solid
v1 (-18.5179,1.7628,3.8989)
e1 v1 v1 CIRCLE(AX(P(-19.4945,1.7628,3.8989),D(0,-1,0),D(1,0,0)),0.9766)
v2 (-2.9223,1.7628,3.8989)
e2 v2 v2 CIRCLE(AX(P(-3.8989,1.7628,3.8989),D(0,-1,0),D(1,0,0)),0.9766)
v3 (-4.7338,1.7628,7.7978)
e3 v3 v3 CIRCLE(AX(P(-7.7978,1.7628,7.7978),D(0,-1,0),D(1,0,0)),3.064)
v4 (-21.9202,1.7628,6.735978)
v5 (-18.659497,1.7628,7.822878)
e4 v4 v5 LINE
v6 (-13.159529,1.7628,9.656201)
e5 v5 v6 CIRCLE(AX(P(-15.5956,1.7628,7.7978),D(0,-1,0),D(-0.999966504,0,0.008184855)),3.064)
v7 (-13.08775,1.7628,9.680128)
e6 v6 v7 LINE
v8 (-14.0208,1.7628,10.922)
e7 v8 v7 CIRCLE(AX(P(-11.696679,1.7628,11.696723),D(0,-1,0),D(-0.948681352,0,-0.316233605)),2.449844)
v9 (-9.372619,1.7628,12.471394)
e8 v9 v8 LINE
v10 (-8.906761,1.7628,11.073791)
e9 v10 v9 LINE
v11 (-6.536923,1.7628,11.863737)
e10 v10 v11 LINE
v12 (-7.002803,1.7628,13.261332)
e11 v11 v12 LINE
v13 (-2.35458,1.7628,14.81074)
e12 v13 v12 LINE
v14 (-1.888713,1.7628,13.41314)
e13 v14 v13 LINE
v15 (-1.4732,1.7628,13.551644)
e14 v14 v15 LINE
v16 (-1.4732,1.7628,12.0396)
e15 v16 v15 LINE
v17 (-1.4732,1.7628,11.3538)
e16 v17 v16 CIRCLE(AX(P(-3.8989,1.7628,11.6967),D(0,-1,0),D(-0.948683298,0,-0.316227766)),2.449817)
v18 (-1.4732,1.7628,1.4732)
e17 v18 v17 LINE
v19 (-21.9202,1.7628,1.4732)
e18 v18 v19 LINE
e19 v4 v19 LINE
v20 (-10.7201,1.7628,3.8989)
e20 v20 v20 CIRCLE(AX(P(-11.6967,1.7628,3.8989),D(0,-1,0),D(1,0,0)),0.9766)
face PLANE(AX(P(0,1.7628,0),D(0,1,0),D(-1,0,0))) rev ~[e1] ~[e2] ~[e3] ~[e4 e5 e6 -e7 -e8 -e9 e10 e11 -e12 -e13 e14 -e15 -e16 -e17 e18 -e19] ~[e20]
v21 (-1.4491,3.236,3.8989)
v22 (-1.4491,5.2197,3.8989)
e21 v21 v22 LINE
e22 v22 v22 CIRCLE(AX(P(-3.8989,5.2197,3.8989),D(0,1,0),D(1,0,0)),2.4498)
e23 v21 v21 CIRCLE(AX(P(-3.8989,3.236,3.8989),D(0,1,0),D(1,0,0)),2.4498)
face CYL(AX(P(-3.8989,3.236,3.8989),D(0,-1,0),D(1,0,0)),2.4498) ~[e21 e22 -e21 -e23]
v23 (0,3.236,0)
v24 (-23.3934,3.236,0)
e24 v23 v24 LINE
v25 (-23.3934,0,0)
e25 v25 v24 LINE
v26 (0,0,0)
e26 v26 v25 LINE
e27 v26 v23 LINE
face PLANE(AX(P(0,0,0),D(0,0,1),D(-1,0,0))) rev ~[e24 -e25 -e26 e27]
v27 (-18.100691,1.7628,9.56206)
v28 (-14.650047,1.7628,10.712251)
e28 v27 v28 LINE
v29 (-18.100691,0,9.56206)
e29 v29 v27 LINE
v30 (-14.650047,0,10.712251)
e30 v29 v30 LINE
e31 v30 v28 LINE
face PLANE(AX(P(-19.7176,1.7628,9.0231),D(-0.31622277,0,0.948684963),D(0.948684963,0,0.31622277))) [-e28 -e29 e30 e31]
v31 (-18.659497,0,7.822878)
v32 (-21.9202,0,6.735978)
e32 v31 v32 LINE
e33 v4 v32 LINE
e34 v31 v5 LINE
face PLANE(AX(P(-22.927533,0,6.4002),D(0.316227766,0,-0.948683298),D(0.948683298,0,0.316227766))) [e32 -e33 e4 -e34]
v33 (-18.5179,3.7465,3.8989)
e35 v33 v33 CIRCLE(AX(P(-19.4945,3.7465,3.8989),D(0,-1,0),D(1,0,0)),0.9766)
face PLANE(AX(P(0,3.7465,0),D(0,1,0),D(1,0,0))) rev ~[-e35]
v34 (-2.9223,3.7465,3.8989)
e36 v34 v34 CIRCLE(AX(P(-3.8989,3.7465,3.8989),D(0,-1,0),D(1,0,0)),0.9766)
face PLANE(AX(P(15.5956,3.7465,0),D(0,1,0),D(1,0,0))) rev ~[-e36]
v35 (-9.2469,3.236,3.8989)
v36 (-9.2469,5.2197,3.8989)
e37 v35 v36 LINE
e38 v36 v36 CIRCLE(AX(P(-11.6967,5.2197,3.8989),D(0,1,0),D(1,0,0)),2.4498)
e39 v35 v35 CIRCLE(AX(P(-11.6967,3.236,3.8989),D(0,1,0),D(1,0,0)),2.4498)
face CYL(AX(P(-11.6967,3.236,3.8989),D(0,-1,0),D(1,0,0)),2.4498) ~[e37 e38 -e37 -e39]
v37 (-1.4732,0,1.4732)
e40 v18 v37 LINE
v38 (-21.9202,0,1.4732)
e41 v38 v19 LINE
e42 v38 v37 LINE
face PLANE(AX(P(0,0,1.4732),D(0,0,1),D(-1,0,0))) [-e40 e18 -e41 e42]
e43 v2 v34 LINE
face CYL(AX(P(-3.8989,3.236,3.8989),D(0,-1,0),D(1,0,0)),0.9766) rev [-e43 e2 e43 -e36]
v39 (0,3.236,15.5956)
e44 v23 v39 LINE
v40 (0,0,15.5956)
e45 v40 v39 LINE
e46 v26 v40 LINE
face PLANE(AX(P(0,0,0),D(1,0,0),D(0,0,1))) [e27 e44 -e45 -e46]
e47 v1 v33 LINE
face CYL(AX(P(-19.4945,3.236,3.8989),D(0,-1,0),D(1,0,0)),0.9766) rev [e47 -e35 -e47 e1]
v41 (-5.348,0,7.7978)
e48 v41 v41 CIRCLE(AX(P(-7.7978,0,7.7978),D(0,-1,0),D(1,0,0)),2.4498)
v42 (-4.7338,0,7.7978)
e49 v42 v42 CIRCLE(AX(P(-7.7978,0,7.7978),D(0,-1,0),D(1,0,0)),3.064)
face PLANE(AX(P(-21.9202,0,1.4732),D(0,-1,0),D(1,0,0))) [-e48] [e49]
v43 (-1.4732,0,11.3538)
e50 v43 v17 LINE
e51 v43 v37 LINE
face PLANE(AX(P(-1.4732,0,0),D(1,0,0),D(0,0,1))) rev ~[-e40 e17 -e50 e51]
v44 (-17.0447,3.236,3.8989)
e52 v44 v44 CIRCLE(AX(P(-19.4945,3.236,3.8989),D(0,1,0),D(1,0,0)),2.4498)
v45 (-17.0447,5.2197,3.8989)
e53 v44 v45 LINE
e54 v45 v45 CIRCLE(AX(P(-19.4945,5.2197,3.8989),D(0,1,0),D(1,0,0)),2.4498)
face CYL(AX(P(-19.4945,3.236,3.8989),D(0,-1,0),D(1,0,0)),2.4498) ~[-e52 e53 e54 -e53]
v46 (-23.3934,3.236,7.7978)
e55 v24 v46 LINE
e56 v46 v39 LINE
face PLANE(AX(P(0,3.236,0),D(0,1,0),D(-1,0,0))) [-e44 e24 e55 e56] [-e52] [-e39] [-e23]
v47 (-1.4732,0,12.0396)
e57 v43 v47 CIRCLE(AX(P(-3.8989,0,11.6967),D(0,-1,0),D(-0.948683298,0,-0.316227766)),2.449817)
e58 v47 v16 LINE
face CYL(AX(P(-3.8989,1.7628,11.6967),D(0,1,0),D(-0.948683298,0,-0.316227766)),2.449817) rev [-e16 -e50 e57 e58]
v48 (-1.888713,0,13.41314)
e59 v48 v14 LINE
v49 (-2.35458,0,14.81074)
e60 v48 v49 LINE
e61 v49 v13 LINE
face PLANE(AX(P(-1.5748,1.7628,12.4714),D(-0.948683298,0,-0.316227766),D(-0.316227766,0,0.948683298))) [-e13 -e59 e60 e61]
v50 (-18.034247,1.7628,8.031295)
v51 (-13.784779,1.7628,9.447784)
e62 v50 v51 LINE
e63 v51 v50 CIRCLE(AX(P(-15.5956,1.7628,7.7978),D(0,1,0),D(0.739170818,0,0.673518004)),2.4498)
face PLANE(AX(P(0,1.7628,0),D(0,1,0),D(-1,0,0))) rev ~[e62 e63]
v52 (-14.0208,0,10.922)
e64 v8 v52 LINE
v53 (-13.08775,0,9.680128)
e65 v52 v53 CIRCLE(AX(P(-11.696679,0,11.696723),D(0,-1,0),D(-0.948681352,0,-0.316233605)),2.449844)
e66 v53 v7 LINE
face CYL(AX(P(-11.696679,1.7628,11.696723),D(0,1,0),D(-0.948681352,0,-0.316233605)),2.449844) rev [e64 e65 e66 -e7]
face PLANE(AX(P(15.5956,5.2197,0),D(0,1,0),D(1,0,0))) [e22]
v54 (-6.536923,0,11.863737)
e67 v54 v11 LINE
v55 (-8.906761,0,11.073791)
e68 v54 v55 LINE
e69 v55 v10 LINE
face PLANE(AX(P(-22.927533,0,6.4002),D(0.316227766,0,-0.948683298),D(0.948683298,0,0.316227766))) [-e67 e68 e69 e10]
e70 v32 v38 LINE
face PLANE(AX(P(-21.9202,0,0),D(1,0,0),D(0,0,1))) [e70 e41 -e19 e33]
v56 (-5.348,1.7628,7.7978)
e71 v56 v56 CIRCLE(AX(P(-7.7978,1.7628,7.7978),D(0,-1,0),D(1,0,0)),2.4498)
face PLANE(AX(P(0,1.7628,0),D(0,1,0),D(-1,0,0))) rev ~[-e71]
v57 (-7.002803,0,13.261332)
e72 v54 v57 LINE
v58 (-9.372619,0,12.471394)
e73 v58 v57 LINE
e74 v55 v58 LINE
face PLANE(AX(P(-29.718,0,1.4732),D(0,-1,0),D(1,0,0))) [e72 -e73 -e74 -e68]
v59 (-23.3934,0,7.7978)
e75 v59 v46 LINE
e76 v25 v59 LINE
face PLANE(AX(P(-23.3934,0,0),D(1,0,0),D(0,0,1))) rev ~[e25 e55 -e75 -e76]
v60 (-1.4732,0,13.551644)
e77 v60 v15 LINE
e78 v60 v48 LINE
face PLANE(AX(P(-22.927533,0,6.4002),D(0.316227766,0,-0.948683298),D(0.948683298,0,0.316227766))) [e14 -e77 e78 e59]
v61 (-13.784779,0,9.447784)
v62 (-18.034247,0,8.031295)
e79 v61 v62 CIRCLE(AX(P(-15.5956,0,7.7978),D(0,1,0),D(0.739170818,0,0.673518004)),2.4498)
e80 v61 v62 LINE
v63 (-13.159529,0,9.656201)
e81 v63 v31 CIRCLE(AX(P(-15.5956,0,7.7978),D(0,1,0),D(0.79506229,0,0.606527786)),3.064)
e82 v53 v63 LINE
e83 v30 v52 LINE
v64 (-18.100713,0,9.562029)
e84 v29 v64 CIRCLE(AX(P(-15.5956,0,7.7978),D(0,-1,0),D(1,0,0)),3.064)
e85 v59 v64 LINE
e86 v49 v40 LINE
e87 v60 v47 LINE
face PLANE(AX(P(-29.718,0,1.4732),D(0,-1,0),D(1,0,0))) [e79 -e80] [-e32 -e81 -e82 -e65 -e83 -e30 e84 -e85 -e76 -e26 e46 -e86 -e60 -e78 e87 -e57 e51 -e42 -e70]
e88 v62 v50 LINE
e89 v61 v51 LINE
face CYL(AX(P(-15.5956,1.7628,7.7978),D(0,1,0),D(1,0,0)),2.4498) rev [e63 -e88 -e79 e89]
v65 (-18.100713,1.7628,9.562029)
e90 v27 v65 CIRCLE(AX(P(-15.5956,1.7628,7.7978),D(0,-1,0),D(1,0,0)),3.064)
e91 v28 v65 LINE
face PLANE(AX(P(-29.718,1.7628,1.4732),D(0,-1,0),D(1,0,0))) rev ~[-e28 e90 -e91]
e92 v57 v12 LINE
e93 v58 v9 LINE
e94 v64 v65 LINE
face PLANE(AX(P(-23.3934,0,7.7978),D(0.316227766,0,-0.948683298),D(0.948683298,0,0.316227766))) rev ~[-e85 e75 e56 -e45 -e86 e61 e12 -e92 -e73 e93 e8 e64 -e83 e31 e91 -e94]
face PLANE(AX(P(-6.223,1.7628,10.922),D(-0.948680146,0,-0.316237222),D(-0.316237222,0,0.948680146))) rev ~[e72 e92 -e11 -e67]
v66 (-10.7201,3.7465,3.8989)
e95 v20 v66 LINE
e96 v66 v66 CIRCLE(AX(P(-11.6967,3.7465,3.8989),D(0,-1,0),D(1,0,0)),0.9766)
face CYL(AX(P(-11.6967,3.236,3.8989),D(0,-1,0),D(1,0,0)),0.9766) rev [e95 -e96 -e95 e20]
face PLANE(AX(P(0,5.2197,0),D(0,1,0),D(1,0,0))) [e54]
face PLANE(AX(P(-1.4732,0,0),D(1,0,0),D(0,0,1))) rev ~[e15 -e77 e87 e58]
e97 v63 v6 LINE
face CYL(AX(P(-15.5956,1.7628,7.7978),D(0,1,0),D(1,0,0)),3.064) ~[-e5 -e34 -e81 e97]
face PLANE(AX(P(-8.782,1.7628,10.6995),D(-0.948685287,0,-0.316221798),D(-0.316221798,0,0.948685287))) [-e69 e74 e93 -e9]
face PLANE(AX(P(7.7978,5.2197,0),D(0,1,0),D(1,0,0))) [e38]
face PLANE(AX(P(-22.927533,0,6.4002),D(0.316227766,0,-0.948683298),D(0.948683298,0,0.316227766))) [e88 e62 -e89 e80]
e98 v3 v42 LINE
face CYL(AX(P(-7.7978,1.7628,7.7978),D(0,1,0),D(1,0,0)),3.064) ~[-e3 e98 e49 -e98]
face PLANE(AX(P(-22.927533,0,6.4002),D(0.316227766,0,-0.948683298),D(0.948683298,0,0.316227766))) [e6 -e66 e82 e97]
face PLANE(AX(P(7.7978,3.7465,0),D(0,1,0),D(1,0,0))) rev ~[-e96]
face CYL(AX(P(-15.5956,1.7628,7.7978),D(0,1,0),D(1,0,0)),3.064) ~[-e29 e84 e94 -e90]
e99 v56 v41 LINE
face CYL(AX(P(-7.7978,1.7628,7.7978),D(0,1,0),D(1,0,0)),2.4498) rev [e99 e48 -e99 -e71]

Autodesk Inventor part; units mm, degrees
ref_plane "YZ Plane" through (0, 0, 0) normal (1, 0, 0) x (0, 1, 0)
ref_plane "XZ Plane" through (0, 0, 0) normal (0, 1, 0) x (-1, 0, 0)
ref_plane "XY Plane" through (0, 0, 0) normal (0, 0, 1) x (1, 0, 0)
sketch "Sketch1" plane through (0, 0, 0) normal (0, 1, 0) x (-1, 0, 0)
  line L0 (0, 0) -> (0, 15.5956)
  line L1 (0, 0) -> (23.3934, 0)
  line L2 (23.3934, 0) -> (23.3934, 7.7978)
  line L3 (23.3934, 7.7978) -> (0, 15.5956)
  dimension "d0" = 15.5956
  dimension "d1" = 23.3934
  dimension "d2" = 7.7978
extrude "Extrusion1" add sketch "Sketch1" along normal blind 3.236
sketch "Sketch2" plane through (0, 3.236, 0) normal (0, 1, 0) x (1, 0, 0)
  line L0 (-23.3934, -7.7978) -> (0, -15.5956) projected
  line L1 (-23.3934, 0) -> (-23.3934, -7.7978)
  line L2 (0, 0) -> (-23.3934, 0) projected
  line L3 (-23.3934, 0) -> (-23.3934, -7.7978)
  circle A0 centre (-19.4945, -3.8989) radius 2.4498
  line L4 (-23.3934, 0) -> (-19.4945, 0) construction
  line L5 (-19.4945, 0) -> (-19.4945, -3.8989) construction
  line L6 (-19.4945, -3.8989) -> (-23.3934, -3.8989) construction
  line L7 (-23.3934, -3.8989) -> (-23.3934, 0) construction
  dimension "d7" = 4.8997
  dimension "d17" = 3.8989
  dimension "d18" = 3.8989
extrude "Extrusion2" add sketch "Sketch2" along normal blind 1.9837
pattern_linear "Rectangular Pattern1" count 3 spacing 7.7978 along (1, 0, 0) of "Extrusion2"
sketch "Sketch3" plane through (0, 0, 0) normal (0, -1, 0) x (1, 0, 0)
  point P0 (0, 0)
shell "Shell1" thickness 1.4732 removed faces 1 at (-7.7978, 0, 7.7978)
sketch "Sketch4" plane through (-21.9202, 1.7628, 1.4732) normal (0, -1, 0) x (1, 0, 0)
  circle A0 centre (18.0213, 2.4257) radius 0.9766 construction
  circle A1 centre (10.2235, 2.4257) radius 0.9766 construction
  circle A2 centre (2.4257, 2.4257) radius 0.9766 construction
  line L0 (20.447, 12.0784) -> (20.447, 0) projected
  line L1 (0, 5.2628) -> (20.447, 12.0784) projected
  line L2 (0, 0) -> (0, 5.2628) construction
  line L3 (20.447, 0) -> (0, 0) construction
  circle A3 centre (18.0213, 2.4257) radius 2.4498 construction
  circle A4 centre (10.2235, 2.4257) radius 0.9766 construction
  circle A5 centre (10.2235, 2.4257) radius 2.4498 construction
  circle A6 centre (2.4257, 2.4257) radius 2.4498 construction
  line L4 (18.0213, 2.4257) -> (10.2235, 2.4257) construction
  line L5 (10.2235, 2.4257) -> (2.4257, 2.4257) construction
  line L6 (18.0213, 2.4257) -> (18.0213, 10.2235) construction
  line L7 (18.0213, 2.4257) -> (25.8191, 2.4257) construction
  line L8 (18.0213, 10.2235) -> (10.2235, 2.4257) construction
  circle A7 centre (14.1224, 6.3246) radius 3.064
  circle A8 centre (14.1224, 6.3246) radius 2.4498
  point P0 (21.9202, -1.4732)
  dimension "d14" = 7.7978
  dimension "d15" = 90
  dimension "d16" = 4.8997
extrude "Extrusion3" add sketch "Sketch4" along normal up to surface (1.7628 mm away)
pattern_linear "Rectangular Pattern2" count 2 spacing 7.7978 along (-1, 0, 0) of "Extrusion3"
sketch "Sketch5" plane through (-21.9202, 1.7628, 1.4732) normal (0, -1, 0) x (1, 0, 0)
  circle A0 centre (18.0213, 2.4257) radius 2.4498 construction
  line L0 (18.0213, 2.4257) -> (18.0213, 10.2235) construction
  line L1 (18.0213, 2.4257) -> (25.8191, 2.4257) construction
  circle A1 centre (18.0213, 10.2235) radius 2.4498 construction
  circle A2 centre (14.1224, 6.3246) radius 3.064 construction
  line L2 (15.6972, 9.4488) -> (13.6906, 15.4684) construction
  line L3 (13.6906, 15.4684) -> (19.2087, 14.4083) construction
  line L4 (19.2087, 14.4083) -> (20.3454, 10.9982) construction
  line L5 (21.9202, 14.1224) -> (7.2702, 9.2391) construction
  arc A3 (15.6972, 9.4488) -> (20.3454, 10.9982) centre (18.0213, 10.2235) ccw
  line L6 (20.3454, 10.9982) -> (19.2087, 14.4083)
  line L7 (15.6972, 9.4488) -> (13.6906, 15.4684)
  line L8 (13.6906, 15.4684) -> (19.2087, 14.4083)
  circle A4 centre (10.2235, 2.4257) radius 2.4498 construction
  line L9 (10.2235, 2.4257) -> (10.2235, 10.2235) construction
  line L10 (10.2235, 2.4257) -> (18.0213, 2.4257) construction
  circle A5 centre (10.2235, 10.2235) radius 2.4498 construction
  line L11 (13.4213, 8.3773) -> (11.5486, 13.9952) construction
  line L12 (11.5486, 13.9952) -> (1.2037, 10.5468) construction
  line L13 (1.2037, 10.5468) -> (2.2026, 7.5499) construction
  line L14 (3.8194, 8.0888) -> (-1.4732, 6.3246) construction
  line L15 (2.2026, 7.5499) -> (7.8994, 9.4488) construction
  arc A6 (13.1382, 9.2263) -> (11.9558, 8.4912) centre (14.1224, 6.3246) ccw construction
  arc A7 (13.1382, 9.2263) -> (11.9558, 8.4912) centre (14.1224, 6.3246) ccw
  arc A8 (7.8994, 9.4488) -> (11.9558, 8.4912) centre (10.2235, 10.2235) ccw
  line L16 (13.1382, 9.2263) -> (11.5486, 13.9952)
  line L17 (11.5486, 13.9952) -> (1.2037, 10.5468)
  line L18 (1.2037, 10.5468) -> (2.2026, 7.5499)
  line L19 (2.2026, 7.5499) -> (7.8994, 9.4488)
  point P0 (21.9202, -1.4732)
  dimension "d24" = 7.7978
  dimension "d25" = 90
  dimension "d28" = 7.7978
  dimension "d29" = 90
extrude "Extrusion4" cut sketch "Sketch5" along normal up to surface (1.7628 mm away)
properties part number "other diagonal piece" material "ABS Plastic"
